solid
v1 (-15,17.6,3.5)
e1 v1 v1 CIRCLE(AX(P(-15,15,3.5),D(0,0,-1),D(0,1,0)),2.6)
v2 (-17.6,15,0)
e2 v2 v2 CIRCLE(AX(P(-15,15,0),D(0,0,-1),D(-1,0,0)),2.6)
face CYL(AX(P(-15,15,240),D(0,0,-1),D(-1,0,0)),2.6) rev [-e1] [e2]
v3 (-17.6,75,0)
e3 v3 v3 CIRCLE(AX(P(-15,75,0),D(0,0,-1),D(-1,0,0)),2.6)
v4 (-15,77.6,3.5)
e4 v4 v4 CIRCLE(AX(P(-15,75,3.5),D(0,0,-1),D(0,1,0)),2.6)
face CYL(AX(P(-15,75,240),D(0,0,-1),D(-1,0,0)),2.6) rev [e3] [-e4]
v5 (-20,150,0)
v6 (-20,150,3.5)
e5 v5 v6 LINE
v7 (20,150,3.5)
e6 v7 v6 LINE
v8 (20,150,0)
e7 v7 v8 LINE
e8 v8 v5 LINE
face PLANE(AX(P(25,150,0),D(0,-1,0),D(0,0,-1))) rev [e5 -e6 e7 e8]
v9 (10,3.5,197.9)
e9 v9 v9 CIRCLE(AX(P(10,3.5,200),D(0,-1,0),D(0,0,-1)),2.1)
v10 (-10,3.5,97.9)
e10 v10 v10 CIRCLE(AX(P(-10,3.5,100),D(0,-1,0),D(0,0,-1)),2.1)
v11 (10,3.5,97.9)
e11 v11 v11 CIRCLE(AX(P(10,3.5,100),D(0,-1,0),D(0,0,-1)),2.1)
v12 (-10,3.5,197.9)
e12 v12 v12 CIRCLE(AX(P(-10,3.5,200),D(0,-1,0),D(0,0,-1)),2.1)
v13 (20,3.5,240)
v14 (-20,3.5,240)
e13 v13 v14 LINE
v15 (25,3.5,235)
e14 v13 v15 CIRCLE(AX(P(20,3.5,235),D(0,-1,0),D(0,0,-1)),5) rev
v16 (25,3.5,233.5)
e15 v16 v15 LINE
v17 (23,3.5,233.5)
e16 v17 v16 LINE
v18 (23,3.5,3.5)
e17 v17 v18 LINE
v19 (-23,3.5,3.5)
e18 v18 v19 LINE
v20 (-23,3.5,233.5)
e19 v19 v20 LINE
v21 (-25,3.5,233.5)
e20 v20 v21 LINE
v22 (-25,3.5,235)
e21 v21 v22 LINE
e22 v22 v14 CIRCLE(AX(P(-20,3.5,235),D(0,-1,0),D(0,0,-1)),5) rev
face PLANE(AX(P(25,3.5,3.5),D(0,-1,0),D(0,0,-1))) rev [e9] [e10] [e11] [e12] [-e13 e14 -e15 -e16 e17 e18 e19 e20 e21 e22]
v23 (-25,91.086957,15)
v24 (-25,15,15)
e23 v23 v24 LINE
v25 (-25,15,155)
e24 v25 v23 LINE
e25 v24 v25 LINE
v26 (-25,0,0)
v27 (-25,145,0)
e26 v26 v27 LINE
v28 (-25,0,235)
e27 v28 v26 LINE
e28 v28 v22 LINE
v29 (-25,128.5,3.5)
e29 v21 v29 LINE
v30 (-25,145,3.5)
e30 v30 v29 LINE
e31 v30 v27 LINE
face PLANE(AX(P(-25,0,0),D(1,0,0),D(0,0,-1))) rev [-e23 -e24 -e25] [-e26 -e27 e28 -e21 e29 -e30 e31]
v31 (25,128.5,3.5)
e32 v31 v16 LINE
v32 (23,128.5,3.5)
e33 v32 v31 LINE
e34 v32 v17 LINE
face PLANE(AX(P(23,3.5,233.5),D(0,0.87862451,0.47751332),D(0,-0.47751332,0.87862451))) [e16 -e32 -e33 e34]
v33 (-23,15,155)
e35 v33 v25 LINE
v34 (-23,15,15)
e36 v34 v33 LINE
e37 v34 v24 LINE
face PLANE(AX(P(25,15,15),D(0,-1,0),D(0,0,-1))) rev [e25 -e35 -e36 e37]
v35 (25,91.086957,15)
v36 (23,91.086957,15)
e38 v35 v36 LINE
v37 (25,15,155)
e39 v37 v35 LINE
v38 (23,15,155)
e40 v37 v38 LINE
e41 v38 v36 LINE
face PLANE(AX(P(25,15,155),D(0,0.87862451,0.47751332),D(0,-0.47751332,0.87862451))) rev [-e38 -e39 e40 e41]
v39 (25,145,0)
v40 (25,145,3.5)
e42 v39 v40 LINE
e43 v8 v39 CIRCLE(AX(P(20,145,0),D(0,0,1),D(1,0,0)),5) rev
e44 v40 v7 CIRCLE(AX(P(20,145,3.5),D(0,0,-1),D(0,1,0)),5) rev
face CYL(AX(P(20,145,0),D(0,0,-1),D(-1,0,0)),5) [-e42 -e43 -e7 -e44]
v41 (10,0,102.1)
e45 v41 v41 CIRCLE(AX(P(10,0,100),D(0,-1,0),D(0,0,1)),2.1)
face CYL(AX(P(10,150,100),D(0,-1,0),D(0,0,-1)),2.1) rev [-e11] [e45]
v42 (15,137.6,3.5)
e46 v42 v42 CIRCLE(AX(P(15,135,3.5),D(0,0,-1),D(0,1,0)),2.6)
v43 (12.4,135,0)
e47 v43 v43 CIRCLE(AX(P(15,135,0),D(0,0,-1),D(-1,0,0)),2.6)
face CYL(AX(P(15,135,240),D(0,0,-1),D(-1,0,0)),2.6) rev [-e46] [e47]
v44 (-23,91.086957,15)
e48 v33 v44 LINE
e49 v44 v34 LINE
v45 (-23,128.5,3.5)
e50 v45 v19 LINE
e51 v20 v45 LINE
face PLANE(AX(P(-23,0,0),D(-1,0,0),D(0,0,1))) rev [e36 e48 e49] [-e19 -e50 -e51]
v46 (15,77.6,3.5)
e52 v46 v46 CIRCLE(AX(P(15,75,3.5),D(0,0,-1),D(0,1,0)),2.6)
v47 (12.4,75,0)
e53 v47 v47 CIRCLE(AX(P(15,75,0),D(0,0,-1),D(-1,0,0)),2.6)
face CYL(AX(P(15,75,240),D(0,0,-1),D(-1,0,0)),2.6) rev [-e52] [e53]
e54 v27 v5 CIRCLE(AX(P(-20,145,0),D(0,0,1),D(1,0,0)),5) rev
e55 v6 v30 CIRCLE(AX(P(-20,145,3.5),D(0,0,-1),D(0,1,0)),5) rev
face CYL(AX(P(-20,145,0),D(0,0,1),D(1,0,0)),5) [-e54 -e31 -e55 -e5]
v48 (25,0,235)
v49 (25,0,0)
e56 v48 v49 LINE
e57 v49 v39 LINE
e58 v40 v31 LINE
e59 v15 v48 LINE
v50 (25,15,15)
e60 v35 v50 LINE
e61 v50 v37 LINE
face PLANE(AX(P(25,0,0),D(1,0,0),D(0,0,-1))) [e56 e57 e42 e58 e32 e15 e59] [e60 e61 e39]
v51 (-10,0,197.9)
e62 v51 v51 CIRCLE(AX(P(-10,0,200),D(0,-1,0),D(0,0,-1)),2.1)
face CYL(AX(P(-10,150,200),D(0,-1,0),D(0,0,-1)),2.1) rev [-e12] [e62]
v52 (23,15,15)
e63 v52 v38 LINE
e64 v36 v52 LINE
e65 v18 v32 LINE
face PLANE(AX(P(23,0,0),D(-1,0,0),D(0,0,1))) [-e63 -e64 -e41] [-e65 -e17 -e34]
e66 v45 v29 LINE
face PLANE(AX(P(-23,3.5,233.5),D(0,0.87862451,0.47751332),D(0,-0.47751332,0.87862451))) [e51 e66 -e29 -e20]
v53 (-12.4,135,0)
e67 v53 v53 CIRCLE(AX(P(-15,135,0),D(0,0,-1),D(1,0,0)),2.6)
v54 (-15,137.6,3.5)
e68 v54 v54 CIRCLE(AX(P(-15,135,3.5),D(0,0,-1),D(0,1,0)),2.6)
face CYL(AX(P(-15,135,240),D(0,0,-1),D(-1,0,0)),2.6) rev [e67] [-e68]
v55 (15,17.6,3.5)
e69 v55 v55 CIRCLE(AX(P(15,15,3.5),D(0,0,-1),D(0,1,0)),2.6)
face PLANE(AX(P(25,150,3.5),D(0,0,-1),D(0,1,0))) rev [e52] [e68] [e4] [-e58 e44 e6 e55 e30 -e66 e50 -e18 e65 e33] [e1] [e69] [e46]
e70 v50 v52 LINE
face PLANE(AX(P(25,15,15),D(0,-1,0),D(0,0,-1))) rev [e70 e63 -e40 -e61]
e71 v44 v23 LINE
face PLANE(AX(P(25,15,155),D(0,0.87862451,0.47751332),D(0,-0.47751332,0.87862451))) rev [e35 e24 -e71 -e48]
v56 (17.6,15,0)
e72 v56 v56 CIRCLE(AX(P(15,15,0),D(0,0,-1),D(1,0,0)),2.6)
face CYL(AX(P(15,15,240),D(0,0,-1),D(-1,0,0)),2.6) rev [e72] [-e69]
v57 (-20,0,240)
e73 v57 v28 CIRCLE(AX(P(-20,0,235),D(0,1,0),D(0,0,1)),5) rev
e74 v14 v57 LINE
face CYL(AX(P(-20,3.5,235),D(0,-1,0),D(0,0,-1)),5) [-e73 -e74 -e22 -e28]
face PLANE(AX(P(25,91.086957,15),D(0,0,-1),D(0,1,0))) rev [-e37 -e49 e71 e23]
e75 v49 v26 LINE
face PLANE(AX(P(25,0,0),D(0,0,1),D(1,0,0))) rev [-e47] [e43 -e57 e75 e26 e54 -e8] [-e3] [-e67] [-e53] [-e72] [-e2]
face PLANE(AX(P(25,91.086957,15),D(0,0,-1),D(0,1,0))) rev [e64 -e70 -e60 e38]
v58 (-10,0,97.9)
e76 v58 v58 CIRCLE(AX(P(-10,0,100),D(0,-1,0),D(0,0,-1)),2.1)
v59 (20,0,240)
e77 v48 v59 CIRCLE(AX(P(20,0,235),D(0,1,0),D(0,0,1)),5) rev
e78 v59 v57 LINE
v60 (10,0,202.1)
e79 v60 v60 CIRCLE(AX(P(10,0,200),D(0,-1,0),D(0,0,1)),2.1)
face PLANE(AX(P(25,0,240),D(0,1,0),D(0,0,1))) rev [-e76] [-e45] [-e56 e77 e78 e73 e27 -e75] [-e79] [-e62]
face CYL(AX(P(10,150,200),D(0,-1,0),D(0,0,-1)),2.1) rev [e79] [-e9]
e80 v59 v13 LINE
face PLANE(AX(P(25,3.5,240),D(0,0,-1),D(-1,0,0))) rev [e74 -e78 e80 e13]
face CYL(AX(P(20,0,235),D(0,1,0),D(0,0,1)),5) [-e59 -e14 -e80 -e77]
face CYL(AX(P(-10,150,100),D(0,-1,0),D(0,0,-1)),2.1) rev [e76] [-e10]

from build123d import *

# Parameters (mm, degrees)
EXTRUDE_1_DEPTH     = 25
SKETCH_4_R          = 2.6
CUT_EXTRUDE_2_DEPTH = 241
FILLET_1_R          = 5
FILLET_2_R          = 5
SKETCH_5_R          = 2.1
CUT_EXTRUDE_3_DEPTH = 151
EXTRUDE_2_DEPTH     = 2
EXTRUDE_3_DEPTH     = 2
CUT_EXTRUDE_4_DEPTH = 51


with BuildPart() as part:
    # 草图1 → 凸台-拉伸1 (new body, symmetric)
    with BuildSketch(Plane(origin=(0, 0, 0), x_dir=(0, 0, -1), z_dir=(1, 0, 0))):
        Polygon((-240, 0), (0, 0), (0, 150), (-3.5, 150), (-3.5, 3.5), (-240, 3.5), align=None)
    extrude(amount=EXTRUDE_1_DEPTH, both=True)

    # 草图4 → 切除-拉伸2 (cut, through all)
    with BuildSketch(Plane(origin=(0, 0, 0), x_dir=(-1, 0, 0), z_dir=(0, 0, -1))):
        with Locations((-15, 135)):
            Circle(SKETCH_4_R)
        with Locations((15, 135)):
            Circle(SKETCH_4_R)
        with Locations((15, 15)):
            Circle(SKETCH_4_R)
        with Locations((-15, 15)):
            Circle(SKETCH_4_R)
        with Locations((-15, 75)):
            Circle(SKETCH_4_R)
        with Locations((15, 75)):
            Circle(SKETCH_4_R)
    extrude(amount=-CUT_EXTRUDE_2_DEPTH, mode=Mode.SUBTRACT)

    # 圆角1
    fillet_1_edges = [part.edges().sort_by_distance(p)[0] for p in [
        (25, 1.75, 240),
        (-25, 1.75, 240),
    ]]
    fillet(fillet_1_edges, radius=FILLET_1_R)

    # 圆角2
    fillet_2_edges = [part.edges().sort_by_distance(p)[0] for p in [
        (25, 150, 1.75),
        (-25, 150, 1.75),
    ]]
    fillet(fillet_2_edges, radius=FILLET_2_R)

    # 草图5 → 切除-拉伸3 (cut, through all)
    with BuildSketch(Plane.XZ):
        with Locations((-10, 200)):
            Circle(SKETCH_5_R)
        with Locations((-10, 100)):
            Circle(SKETCH_5_R)
        with Locations((10, 100)):
            Circle(SKETCH_5_R)
        with Locations((10, 200)):
            Circle(SKETCH_5_R)
    extrude(amount=-CUT_EXTRUDE_3_DEPTH, mode=Mode.SUBTRACT)

    # 草图8 → 凸台-拉伸2 (add)
    with BuildSketch(Plane(origin=(25, 0, 0), x_dir=(0, 0, -1), z_dir=(1, 0, 0))):
        Polygon((-3.5, 3.5), (-233.5, 3.5), (-3.5, 128.5), align=None)
    extrude(amount=-EXTRUDE_2_DEPTH)

    # 草图9 → 凸台-拉伸3 (add)
    with BuildSketch(Plane.ZY.offset(25)):
        Polygon((3.5, 3.5), (233.5, 3.5), (3.5, 128.5), align=None)
    extrude(amount=-EXTRUDE_3_DEPTH)

    # 草图10 → 切除-拉伸4 (cut, through all)
    with BuildSketch(Plane.ZY.offset(25)):
        Polygon((15, 91.086956522), (15, 15), (155, 15), align=None)
    extrude(amount=-CUT_EXTRUDE_4_DEPTH, mode=Mode.SUBTRACT)


solid = part.part
